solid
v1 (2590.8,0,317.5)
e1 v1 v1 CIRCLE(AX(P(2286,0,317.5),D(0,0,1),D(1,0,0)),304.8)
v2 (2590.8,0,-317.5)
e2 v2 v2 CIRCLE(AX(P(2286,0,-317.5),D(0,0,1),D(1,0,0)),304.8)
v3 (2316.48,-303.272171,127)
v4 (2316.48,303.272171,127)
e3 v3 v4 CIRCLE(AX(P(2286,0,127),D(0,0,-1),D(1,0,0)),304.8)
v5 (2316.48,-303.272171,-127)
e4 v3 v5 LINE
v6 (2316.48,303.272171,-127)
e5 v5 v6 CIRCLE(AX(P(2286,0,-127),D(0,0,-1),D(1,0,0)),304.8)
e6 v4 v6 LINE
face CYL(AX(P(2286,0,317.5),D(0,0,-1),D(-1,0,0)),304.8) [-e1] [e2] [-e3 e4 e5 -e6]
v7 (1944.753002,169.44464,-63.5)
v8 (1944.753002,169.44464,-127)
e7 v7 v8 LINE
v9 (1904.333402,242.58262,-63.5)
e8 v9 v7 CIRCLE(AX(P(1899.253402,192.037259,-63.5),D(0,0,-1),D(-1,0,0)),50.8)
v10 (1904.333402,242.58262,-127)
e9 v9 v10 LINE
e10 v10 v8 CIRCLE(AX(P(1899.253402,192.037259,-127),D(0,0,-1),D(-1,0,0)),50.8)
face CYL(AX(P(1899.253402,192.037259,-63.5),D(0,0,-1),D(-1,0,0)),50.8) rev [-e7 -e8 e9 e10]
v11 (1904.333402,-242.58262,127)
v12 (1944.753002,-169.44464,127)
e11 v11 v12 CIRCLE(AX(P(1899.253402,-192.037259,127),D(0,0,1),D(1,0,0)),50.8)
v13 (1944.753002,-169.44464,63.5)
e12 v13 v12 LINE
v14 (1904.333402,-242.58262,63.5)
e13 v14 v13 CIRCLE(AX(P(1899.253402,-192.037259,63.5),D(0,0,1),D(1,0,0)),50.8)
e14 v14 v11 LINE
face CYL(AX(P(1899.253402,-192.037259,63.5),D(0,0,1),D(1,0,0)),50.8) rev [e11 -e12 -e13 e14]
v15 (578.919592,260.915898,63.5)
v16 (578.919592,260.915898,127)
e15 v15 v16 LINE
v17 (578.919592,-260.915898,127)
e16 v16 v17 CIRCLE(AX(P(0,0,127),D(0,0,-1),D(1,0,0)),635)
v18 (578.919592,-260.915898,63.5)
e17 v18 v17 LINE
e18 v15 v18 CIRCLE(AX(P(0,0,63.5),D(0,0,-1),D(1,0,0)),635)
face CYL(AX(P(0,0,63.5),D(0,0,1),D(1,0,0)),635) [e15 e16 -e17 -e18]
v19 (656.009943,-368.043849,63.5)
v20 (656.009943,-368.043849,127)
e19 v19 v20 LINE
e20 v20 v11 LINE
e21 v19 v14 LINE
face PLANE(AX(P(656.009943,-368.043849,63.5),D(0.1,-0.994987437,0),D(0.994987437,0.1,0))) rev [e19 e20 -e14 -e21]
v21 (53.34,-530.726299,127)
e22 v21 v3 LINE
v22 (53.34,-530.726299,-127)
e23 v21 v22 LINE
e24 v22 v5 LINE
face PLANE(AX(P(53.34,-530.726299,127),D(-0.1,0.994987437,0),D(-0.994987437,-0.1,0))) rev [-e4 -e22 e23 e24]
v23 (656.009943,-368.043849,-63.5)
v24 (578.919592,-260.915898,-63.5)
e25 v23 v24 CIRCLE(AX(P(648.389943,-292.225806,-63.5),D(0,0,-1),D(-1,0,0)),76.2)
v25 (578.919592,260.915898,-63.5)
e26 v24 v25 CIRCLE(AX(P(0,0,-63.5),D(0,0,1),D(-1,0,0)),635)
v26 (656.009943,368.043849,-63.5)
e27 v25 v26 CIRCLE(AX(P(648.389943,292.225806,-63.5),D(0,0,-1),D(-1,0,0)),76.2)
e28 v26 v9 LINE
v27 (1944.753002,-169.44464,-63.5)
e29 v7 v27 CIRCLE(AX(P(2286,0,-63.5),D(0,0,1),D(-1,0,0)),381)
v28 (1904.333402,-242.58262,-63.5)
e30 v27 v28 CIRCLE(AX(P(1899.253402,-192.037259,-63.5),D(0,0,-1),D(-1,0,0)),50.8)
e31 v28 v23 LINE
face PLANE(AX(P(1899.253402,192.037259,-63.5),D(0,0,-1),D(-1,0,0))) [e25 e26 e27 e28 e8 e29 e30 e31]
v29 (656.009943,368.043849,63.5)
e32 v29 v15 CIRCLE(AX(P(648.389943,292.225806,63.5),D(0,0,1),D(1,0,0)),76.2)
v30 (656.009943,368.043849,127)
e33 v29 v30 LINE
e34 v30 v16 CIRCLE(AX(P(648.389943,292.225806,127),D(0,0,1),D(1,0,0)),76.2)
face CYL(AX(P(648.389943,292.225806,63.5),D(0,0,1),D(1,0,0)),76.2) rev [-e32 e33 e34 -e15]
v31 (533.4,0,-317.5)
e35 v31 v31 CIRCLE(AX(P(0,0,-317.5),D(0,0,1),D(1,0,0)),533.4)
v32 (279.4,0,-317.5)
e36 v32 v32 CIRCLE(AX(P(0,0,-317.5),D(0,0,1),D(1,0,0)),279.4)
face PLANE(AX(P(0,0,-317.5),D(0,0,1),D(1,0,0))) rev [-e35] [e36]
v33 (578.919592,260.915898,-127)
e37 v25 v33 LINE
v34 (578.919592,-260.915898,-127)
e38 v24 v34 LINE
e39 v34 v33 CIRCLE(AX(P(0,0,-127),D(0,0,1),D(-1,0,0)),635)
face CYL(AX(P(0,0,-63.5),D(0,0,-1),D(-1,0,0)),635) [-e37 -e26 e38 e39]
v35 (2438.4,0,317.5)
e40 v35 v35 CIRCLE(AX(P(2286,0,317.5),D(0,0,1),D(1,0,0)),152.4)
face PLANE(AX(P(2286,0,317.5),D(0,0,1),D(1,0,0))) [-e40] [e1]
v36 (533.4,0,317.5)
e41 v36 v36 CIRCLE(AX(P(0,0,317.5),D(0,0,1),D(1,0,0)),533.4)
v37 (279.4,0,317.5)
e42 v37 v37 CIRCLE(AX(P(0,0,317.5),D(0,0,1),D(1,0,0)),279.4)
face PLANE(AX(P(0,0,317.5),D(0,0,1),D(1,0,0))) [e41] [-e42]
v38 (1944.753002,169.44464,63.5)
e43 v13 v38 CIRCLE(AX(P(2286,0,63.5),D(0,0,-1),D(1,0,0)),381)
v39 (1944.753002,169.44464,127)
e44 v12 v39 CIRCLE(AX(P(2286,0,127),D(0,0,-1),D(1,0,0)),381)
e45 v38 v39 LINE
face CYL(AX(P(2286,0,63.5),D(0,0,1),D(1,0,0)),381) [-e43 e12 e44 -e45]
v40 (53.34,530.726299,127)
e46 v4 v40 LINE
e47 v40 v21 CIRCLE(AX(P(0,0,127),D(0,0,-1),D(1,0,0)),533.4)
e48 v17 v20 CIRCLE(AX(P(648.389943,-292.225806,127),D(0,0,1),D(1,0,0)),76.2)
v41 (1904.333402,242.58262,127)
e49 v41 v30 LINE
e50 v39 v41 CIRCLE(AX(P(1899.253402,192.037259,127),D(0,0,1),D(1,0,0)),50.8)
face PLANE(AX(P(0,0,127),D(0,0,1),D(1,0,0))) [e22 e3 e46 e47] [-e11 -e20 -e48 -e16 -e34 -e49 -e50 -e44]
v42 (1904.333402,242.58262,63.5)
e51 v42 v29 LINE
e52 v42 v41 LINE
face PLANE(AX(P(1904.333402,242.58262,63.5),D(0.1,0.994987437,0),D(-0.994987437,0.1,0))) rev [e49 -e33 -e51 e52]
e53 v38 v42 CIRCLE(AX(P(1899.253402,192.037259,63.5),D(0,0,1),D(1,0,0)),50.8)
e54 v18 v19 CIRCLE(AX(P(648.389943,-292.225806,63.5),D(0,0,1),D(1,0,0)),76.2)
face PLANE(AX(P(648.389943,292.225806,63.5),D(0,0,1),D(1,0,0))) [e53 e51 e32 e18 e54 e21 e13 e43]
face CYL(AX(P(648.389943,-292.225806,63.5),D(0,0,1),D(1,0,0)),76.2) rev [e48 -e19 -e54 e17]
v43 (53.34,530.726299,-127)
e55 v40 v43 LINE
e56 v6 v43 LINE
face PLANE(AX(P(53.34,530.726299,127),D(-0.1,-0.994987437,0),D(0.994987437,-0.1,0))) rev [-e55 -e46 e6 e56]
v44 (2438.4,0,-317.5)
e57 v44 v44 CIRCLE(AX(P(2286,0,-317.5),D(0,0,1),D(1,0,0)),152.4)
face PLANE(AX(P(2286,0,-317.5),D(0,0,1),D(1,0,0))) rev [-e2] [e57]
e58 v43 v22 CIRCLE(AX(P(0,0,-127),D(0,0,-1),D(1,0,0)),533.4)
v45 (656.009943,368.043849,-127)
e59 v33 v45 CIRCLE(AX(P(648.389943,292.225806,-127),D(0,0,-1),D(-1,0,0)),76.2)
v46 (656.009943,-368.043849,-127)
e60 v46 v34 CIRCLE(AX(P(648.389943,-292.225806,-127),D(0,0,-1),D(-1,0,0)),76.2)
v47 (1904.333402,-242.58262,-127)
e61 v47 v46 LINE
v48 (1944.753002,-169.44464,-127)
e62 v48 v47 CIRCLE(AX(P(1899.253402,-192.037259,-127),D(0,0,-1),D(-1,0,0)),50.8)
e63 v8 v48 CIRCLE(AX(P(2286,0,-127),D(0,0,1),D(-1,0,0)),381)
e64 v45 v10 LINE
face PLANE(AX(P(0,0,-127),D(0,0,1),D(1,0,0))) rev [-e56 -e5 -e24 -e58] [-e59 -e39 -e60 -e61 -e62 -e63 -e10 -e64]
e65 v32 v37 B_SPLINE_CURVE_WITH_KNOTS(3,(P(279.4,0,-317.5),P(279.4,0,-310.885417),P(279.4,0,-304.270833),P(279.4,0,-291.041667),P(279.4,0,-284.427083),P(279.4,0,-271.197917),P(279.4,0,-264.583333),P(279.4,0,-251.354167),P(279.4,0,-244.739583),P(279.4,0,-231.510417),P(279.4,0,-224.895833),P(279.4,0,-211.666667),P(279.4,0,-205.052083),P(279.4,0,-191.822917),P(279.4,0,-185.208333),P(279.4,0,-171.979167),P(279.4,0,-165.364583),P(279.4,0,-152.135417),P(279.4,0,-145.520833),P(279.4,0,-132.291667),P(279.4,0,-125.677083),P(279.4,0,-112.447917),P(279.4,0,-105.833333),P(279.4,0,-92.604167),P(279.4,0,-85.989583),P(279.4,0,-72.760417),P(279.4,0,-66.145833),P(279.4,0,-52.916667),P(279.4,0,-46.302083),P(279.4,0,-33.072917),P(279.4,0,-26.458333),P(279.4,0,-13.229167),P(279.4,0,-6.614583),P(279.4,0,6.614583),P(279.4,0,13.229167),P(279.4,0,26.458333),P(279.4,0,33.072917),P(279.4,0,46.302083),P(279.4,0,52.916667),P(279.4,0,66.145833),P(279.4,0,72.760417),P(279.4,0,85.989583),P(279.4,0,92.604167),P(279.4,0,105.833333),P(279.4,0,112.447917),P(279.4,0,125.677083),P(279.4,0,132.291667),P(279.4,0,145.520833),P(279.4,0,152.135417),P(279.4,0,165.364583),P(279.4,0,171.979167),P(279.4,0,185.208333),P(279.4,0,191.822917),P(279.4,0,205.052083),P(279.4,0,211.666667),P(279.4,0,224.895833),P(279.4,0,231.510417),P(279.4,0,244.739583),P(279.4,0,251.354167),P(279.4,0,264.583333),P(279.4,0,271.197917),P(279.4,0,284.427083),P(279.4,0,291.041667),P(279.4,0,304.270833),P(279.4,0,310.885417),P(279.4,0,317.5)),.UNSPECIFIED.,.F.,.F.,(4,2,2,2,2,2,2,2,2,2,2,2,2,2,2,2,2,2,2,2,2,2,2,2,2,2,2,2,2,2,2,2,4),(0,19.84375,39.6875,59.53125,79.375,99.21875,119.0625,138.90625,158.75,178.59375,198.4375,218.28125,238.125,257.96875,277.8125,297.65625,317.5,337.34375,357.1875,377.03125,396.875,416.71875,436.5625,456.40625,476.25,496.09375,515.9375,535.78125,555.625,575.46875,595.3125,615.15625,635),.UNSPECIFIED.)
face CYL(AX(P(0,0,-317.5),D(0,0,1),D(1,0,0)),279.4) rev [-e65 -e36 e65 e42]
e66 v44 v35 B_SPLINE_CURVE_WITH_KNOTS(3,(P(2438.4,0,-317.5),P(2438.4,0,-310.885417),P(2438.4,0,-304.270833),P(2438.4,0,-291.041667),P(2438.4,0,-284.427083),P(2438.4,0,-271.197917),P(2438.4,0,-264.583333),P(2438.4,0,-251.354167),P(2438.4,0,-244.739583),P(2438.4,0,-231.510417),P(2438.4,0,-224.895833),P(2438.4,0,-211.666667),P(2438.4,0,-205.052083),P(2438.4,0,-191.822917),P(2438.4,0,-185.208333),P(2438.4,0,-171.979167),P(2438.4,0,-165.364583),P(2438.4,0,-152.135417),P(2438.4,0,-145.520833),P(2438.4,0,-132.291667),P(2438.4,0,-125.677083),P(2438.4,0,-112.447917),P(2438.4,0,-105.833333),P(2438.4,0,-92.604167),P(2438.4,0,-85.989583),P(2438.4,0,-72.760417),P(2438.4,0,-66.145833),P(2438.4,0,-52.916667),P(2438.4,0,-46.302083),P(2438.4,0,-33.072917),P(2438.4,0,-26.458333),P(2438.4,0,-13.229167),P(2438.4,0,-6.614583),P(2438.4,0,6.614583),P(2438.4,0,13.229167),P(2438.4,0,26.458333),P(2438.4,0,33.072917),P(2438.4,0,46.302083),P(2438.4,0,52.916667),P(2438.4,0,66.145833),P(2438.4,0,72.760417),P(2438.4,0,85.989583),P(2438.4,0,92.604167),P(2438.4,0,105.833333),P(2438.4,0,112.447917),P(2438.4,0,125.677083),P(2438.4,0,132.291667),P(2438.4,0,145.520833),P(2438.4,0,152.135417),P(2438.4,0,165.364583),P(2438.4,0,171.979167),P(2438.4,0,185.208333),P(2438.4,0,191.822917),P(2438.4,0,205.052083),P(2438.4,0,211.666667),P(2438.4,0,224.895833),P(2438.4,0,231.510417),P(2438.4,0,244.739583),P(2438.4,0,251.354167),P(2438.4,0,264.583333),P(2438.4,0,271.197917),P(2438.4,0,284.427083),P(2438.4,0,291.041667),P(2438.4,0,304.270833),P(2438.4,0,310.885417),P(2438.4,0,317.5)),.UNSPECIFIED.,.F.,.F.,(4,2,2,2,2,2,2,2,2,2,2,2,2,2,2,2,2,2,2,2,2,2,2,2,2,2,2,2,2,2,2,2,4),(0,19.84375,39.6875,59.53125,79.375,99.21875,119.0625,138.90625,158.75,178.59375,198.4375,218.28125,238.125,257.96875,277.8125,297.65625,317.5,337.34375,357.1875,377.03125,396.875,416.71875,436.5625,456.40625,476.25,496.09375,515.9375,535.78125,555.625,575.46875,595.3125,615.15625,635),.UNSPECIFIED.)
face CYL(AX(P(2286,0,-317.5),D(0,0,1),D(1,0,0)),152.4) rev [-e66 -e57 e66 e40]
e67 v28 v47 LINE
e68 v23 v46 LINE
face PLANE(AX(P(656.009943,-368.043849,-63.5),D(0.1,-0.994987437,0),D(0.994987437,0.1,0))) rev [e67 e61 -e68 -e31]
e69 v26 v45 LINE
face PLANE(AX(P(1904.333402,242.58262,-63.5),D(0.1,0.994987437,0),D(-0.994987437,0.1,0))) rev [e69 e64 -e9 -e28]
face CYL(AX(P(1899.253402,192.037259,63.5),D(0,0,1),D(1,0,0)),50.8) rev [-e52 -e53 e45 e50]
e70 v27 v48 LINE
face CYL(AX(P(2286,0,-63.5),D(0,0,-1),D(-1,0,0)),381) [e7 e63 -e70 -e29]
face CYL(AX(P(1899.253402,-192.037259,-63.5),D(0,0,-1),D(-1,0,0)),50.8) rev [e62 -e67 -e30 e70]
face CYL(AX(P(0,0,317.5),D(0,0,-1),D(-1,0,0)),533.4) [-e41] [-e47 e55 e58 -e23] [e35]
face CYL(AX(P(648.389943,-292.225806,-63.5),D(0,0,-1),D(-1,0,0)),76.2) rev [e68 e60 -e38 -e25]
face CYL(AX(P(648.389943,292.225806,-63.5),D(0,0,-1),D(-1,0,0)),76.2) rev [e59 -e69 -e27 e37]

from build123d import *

# Parameters (mm, degrees)
BOSS_EXTRUDE4_DEPTH     = 127
SKETCH12_R              = 533.4
SKETCH12_R_2            = 304.8
BOSS_EXTRUDE5_DEPTH     = 317.5
CUT_EXTRUDE3_DEPTH      = 2665.125832238
CUT_EXTRUDE3_DEPTH_BACK = 2665.125832238
SKETCH13_R              = 279.4
SKETCH13_R_2            = 152.4
CUT_EXTRUDE4_DEPTH      = 63.5
CUT_EXTRUDE5_START      = -63.5
CUT_EXTRUDE5_DEPTH      = 63.5


with BuildPart() as part:
    # Sketch6 → Boss-Extrude4 (new, symmetric)
    with BuildSketch(Plane.XY):
        with BuildLine():
            Line((53.34, 530.726298953), (2316.48, 303.27217083))
            ThreePointArc((2316.48, 303.27217083), (1981.2, 0), (2316.48, -303.27217083))
            Line((2316.48, -303.27217083), (53.34, -530.726298953))
            ThreePointArc((53.34, -530.726298953), (533.4, 0), (53.34, 530.726298953))
        make_face()
    extrude(amount=BOSS_EXTRUDE4_DEPTH, both=True)

    # Sketch12 → Boss-Extrude5 (add, symmetric)
    with BuildSketch(Plane.XY):
        Circle(SKETCH12_R)
        with Locations((2286, 0)):
            Circle(SKETCH12_R_2)
    extrude(amount=BOSS_EXTRUDE5_DEPTH, both=True)

    # Sketch13 → Cut-Extrude3 (cut, two sides: drawn at the far end of the back side and taken through both)
    with BuildSketch(Plane.XY.offset(-CUT_EXTRUDE3_DEPTH_BACK)):
        Circle(SKETCH13_R)
        with Locations((2286, 0)):
            Circle(SKETCH13_R_2)
    extrude(amount=CUT_EXTRUDE3_DEPTH + CUT_EXTRUDE3_DEPTH_BACK, mode=Mode.SUBTRACT)

    # Sketch14 → Cut-Extrude4 (cut)
    with BuildSketch(Plane.XY.offset(127)):
        with BuildLine():
            Line((1904.333401716, 242.58262047), (656.009943133, 368.043848625))
            ThreePointArc((656.009943133, 368.043848625), (586.539592083, 336.733940849), (578.919592083, 260.915898141))
            ThreePointArc((578.919592083, 260.915898141), (635, 0), (578.919592083, -260.915898141))
            ThreePointArc((578.919592083, -260.915898141), (586.539592083, -336.733940849), (656.009943133, -368.043848625))
            Line((656.009943133, -368.043848625), (1904.333401716, -242.58262047))
            ThreePointArc((1904.333401716, -242.58262047), (1943.715352031, -216.609091609), (1944.753001514, -169.444639999))
            ThreePointArc((1944.753001514, -169.444639999), (1905, 0), (1944.753001514, 169.444639999))
            ThreePointArc((1944.753001514, 169.444639999), (1943.715352031, 216.609091609), (1904.333401716, 242.58262047))
        make_face()
    extrude(amount=-CUT_EXTRUDE4_DEPTH, mode=Mode.SUBTRACT)

    # Sketch15 → Cut-Extrude5 (cut)
    with BuildSketch(Plane(origin=(0, 0, -127), x_dir=(-1, 0, 0), z_dir=(0, 0, -1)).offset(CUT_EXTRUDE5_START)):
        with BuildLine():
            Line((-1904.333401716, 242.58262047), (-656.009943133, 368.043848625))
            ThreePointArc((-656.009943133, 368.043848625), (-586.539592083, 336.733940849), (-578.919592083, 260.915898141))
            ThreePointArc((-578.919592083, 260.915898141), (-635, 0), (-578.919592083, -260.915898141))
            ThreePointArc((-578.919592083, -260.915898141), (-586.539592083, -336.733940849), (-656.009943133, -368.043848625))
            Line((-656.009943133, -368.043848625), (-1904.333401716, -242.58262047))
            ThreePointArc((-1904.333401716, -242.58262047), (-1943.715352031, -216.609091609), (-1944.753001514, -169.444639999))
            ThreePointArc((-1944.753001514, -169.444639999), (-1905, 0), (-1944.753001514, 169.444639999))
            ThreePointArc((-1944.753001514, 169.444639999), (-1943.715352031, 216.609091609), (-1904.333401716, 242.58262047))
        make_face()
    extrude(amount=CUT_EXTRUDE5_DEPTH, mode=Mode.SUBTRACT)


solid = part.part
